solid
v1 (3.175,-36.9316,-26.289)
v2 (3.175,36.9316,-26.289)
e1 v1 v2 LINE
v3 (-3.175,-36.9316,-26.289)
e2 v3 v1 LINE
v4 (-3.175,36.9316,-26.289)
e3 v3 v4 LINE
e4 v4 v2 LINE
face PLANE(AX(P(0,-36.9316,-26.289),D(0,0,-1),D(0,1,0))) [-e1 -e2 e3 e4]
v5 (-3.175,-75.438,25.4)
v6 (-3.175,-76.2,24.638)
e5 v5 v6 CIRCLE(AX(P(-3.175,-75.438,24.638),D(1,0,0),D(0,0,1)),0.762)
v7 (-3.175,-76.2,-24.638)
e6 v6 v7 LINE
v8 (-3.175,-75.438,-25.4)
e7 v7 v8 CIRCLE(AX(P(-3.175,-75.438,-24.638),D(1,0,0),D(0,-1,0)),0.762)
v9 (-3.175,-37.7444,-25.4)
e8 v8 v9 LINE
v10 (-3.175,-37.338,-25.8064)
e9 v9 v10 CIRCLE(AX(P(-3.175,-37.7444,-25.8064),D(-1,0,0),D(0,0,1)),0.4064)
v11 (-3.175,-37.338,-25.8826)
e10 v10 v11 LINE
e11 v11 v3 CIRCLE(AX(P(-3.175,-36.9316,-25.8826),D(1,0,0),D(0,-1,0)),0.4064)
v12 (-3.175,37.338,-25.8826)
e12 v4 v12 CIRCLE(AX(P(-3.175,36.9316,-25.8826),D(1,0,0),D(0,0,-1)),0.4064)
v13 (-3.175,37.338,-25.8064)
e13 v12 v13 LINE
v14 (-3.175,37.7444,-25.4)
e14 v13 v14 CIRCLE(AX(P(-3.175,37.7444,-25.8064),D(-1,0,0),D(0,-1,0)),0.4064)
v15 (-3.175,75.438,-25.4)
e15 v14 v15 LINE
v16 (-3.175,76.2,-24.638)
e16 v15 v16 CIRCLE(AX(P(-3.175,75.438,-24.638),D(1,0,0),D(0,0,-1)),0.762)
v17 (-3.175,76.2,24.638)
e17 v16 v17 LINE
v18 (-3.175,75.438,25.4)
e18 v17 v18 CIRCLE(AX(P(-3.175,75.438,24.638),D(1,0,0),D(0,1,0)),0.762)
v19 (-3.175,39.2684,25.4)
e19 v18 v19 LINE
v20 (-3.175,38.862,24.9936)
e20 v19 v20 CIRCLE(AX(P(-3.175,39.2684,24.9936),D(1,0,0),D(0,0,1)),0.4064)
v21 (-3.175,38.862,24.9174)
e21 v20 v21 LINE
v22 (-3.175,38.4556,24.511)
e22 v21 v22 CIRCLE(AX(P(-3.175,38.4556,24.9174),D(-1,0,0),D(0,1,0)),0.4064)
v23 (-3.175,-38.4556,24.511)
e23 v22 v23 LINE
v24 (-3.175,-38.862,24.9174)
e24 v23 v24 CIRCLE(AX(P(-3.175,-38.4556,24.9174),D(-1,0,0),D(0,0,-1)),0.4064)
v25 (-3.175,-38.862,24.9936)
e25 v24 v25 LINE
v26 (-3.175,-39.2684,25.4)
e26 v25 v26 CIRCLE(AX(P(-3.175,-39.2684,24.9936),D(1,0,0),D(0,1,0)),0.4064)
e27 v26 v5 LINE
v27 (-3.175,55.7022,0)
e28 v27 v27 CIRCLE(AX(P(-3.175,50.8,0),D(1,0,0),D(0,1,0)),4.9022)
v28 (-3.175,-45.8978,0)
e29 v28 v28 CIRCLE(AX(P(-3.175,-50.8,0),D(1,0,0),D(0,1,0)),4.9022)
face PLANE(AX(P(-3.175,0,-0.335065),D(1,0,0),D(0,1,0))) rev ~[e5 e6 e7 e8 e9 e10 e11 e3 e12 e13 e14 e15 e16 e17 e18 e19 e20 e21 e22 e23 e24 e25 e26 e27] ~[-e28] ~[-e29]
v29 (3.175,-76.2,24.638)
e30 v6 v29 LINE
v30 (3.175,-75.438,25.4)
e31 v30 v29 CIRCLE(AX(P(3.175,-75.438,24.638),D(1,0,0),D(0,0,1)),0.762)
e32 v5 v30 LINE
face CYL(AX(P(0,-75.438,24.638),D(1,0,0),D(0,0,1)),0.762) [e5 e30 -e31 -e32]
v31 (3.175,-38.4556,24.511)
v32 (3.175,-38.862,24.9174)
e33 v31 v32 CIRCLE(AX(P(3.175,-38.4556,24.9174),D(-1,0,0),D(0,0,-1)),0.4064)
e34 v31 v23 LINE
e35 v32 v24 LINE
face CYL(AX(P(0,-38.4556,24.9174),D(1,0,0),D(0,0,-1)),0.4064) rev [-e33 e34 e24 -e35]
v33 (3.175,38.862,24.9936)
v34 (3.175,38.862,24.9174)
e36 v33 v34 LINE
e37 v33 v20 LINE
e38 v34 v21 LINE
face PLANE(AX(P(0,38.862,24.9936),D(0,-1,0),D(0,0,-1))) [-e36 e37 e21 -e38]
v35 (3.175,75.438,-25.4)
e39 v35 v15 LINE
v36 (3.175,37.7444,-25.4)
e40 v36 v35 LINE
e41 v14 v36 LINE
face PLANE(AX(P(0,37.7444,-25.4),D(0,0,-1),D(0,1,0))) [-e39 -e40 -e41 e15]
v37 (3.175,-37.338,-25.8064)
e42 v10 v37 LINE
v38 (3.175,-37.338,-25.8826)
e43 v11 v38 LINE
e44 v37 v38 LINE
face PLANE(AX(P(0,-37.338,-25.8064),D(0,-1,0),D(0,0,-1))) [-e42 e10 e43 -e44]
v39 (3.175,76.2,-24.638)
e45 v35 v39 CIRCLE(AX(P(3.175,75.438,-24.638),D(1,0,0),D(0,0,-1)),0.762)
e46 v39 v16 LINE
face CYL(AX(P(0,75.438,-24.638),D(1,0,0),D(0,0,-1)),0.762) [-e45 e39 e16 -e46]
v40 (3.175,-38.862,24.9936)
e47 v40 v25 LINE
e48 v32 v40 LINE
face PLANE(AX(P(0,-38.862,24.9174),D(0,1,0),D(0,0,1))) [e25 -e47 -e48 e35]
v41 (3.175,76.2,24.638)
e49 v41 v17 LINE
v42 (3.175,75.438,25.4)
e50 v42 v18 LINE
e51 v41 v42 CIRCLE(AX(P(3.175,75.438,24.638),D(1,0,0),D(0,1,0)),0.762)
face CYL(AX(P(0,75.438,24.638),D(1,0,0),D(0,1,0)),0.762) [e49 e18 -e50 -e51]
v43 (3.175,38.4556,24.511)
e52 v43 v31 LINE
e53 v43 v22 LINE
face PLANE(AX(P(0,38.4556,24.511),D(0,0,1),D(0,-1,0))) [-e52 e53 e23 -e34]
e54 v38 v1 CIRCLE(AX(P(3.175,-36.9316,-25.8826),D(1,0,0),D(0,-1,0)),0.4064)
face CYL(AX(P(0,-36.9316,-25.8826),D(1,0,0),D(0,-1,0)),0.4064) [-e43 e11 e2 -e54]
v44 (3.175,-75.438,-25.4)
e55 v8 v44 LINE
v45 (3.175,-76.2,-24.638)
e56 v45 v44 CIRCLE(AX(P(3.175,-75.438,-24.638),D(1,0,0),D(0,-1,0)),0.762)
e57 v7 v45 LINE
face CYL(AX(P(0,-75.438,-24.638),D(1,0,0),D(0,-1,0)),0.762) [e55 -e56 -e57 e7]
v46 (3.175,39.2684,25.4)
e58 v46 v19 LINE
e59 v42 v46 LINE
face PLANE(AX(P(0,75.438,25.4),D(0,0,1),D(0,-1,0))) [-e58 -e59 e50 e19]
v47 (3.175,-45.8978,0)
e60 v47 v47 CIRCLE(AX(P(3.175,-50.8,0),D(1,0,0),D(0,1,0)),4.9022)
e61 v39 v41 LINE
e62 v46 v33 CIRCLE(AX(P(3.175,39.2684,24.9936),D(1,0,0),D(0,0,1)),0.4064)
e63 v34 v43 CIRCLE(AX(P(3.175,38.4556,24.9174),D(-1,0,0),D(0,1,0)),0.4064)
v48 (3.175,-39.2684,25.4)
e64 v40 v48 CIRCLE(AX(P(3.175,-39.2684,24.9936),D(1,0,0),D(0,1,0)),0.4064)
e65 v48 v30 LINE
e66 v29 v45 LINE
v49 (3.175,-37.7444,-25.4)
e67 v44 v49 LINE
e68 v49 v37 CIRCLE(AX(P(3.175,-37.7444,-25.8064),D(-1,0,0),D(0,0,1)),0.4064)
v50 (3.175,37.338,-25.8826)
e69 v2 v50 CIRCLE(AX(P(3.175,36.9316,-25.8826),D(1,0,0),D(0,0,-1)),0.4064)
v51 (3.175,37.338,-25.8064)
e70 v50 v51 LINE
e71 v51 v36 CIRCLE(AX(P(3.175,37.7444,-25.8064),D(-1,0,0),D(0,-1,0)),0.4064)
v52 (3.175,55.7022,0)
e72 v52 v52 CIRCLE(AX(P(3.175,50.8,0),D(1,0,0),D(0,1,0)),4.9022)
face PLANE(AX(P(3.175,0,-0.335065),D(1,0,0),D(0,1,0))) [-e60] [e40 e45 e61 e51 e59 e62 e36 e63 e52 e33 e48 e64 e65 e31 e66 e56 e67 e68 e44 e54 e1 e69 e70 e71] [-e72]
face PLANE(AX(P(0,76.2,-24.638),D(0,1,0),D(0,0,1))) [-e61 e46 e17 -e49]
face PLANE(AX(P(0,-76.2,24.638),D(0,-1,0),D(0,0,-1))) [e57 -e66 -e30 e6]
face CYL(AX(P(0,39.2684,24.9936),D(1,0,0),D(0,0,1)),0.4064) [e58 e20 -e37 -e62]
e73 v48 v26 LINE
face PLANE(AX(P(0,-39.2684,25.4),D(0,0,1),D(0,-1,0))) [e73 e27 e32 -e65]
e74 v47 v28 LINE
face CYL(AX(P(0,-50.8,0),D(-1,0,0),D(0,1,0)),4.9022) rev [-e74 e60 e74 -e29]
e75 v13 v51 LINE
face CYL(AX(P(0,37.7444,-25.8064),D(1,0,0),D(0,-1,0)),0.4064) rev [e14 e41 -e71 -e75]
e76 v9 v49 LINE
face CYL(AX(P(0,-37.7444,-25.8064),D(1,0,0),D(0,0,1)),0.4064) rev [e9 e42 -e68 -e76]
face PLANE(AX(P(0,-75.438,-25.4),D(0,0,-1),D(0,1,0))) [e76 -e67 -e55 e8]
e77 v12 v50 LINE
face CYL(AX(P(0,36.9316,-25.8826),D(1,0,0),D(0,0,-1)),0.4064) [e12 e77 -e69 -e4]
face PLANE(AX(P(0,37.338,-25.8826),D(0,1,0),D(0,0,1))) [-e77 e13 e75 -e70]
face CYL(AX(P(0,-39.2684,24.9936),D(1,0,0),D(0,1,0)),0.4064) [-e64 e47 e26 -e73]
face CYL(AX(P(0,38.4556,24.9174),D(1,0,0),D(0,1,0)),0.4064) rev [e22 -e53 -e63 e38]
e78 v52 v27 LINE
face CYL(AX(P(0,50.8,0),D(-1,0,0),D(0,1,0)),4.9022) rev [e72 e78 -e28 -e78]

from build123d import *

# Parameters (mm, degrees)
F0_R     = 4.9022
F1_DEPTH = 3.175


with BuildPart() as f1:
    # F0 (on Right) → F1 (new body, symmetric)
    with BuildSketch(Plane.YZ):
        with BuildLine():
            Line((-39.2684, 25.4), (-75.438, 25.4))
            ThreePointArc((-75.438, 25.4), (-75.9768153673, 25.1768153673), (-76.2, 24.638))
            Line((-76.2, 24.638), (-76.2, -24.638))
            ThreePointArc((-76.2, -24.638), (-75.9768153673, -25.1768153673), (-75.438, -25.4))
            Line((-75.438, -25.4), (-37.7444, -25.4))
            ThreePointArc((-37.7444, -25.4), (-37.4570318041, -25.5190318041), (-37.338, -25.8064))
            Line((-37.338, -25.8064), (-37.338, -25.8826))
            ThreePointArc((-37.338, -25.8826), (-37.2189681959, -26.1699681959), (-36.9316, -26.289))
            Line((-36.9316, -26.289), (0, -26.289))
            Line((0, -26.289), (36.9316, -26.289))
            ThreePointArc((36.9316, -26.289), (37.2189681959, -26.1699681959), (37.338, -25.8826))
            Line((37.338, -25.8826), (37.338, -25.8064))
            ThreePointArc((37.338, -25.8064), (37.4570318041, -25.5190318041), (37.7444, -25.4))
            Line((37.7444, -25.4), (75.438, -25.4))
            ThreePointArc((75.438, -25.4), (75.9768153673, -25.1768153673), (76.2, -24.638))
            Line((76.2, -24.638), (76.2, 24.638))
            ThreePointArc((76.2, 24.638), (75.9768153673, 25.1768153673), (75.438, 25.4))
            Line((75.438, 25.4), (39.2684, 25.4))
            ThreePointArc((39.2684, 25.4), (38.9810318041, 25.2809681959), (38.862, 24.9936))
            Line((38.862, 24.9936), (38.862, 24.9174))
            ThreePointArc((38.862, 24.9174), (38.7429681959, 24.6300318041), (38.4556, 24.511))
            Line((38.4556, 24.511), (0, 24.511))
            Line((0, 24.511), (-38.4556, 24.511))
            ThreePointArc((-38.4556, 24.511), (-38.7429681959, 24.6300318041), (-38.862, 24.9174))
            Line((-38.862, 24.9174), (-38.862, 24.9936))
            ThreePointArc((-38.862, 24.9936), (-38.9810318041, 25.2809681959), (-39.2684, 25.4))
        make_face()
        with Locations((-50.8, 0)):
            Circle(F0_R, mode=Mode.SUBTRACT)
        with Locations((50.8, 0)):
            Circle(F0_R, mode=Mode.SUBTRACT)
    extrude(amount=F1_DEPTH, both=True)


solid = f1.part
